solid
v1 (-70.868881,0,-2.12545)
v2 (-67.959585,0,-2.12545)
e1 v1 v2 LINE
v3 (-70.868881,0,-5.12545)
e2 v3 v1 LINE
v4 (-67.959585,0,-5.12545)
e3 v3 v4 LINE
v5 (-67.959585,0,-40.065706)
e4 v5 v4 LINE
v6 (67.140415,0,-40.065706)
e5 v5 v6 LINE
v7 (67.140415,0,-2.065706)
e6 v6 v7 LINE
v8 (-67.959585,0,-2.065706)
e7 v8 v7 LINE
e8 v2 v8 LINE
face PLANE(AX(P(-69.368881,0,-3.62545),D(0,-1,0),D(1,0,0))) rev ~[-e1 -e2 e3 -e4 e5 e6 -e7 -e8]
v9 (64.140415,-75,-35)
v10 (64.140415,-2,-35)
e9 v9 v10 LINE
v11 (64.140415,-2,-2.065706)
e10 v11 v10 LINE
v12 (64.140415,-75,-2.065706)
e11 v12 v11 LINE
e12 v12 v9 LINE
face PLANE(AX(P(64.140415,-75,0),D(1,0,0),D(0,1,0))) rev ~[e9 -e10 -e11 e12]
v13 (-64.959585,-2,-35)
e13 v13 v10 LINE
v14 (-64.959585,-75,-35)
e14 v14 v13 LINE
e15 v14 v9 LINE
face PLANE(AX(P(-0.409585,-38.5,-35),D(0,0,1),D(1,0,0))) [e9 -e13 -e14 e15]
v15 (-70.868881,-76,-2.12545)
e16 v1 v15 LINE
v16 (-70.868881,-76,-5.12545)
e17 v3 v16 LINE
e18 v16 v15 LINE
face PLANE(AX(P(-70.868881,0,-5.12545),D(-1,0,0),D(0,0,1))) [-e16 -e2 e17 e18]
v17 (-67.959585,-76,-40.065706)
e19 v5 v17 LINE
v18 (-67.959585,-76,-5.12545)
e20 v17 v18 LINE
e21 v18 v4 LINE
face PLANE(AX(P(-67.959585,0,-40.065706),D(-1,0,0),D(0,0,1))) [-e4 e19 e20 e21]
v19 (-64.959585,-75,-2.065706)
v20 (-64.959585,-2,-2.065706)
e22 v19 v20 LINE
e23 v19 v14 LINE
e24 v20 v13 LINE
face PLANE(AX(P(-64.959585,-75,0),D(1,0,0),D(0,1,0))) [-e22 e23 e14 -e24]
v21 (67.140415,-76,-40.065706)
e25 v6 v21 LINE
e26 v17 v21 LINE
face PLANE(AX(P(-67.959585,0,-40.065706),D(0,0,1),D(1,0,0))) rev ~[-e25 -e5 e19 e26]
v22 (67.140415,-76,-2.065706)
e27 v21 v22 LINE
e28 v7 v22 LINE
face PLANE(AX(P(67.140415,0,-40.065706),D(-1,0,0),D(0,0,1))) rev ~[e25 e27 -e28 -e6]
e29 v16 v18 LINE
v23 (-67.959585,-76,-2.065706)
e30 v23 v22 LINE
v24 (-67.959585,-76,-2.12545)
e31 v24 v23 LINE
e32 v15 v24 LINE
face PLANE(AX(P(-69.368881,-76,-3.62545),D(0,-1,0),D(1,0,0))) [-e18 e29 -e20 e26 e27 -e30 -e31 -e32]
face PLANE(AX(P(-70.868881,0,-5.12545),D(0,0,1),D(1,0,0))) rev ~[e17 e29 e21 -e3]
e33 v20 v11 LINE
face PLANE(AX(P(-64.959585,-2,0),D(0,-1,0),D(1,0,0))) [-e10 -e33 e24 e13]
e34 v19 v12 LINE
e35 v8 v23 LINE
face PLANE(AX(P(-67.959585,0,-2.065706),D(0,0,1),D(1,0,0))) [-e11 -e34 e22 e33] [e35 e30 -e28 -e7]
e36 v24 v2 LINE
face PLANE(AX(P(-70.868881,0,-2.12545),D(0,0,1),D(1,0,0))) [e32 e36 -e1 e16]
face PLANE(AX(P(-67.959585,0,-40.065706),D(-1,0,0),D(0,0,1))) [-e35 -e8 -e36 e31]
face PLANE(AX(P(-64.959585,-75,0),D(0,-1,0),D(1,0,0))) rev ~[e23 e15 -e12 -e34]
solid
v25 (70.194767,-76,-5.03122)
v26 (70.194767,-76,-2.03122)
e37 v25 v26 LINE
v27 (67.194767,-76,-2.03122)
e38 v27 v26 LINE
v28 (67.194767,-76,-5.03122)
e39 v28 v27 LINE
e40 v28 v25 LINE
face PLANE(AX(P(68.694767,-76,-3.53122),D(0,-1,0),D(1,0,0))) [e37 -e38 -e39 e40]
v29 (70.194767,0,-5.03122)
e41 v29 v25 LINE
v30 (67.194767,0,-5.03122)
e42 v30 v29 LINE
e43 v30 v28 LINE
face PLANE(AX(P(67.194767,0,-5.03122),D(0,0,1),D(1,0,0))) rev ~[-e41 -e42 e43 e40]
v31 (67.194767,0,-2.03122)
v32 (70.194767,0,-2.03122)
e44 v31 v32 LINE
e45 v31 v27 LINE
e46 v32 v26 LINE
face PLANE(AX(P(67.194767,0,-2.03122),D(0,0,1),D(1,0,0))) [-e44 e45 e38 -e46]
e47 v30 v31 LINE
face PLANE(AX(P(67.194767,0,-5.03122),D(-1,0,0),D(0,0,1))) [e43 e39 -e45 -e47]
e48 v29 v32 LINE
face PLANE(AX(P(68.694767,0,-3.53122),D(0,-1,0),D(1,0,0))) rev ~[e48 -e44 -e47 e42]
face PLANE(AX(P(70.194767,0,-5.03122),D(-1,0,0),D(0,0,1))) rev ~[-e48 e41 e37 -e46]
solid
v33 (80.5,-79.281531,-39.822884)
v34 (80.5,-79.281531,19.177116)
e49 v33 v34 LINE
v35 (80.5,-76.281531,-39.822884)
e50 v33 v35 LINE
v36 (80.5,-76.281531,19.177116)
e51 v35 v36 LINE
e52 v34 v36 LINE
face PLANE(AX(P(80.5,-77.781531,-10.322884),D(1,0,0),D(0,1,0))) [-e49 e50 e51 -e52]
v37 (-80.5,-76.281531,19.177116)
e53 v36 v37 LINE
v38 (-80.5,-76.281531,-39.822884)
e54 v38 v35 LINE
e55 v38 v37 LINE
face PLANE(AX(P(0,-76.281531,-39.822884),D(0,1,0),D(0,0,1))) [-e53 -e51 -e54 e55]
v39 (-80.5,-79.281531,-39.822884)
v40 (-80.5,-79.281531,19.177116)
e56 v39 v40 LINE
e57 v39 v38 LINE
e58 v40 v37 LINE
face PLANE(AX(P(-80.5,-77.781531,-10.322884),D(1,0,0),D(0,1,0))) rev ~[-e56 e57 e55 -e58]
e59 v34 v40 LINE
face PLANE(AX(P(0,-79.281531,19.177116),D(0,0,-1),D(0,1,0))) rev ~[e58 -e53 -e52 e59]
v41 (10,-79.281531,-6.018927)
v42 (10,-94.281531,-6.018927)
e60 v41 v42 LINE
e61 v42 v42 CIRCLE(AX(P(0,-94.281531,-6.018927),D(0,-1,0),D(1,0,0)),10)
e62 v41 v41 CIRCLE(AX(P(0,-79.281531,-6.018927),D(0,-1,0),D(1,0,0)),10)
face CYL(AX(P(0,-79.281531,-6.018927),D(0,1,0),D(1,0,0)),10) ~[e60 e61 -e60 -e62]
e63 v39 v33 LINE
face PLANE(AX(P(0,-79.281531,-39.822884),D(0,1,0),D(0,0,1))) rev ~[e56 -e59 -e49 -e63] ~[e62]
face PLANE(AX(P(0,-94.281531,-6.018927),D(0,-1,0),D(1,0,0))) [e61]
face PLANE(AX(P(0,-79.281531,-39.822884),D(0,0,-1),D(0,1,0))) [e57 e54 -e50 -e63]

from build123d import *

# Parameters (mm, degrees)
F0_W      = 135.1
F0_H      = 38
F1_DEPTH  = 76
F2_W      = 3
F2_H      = 59
F3_DEPTH  = 80.5
F4_W      = 129.1
F4_H      = 73
F5_DEPTH  = 35
F6_W      = 3
F6_H      = 3
F7_DEPTH  = 76
F8_W      = 3
F8_H      = 3
F9_DEPTH  = 76
F10_R     = 10
F11_DEPTH = 15


with BuildPart() as f1:
    # F0 (on Front) → F1 (new body)
    with BuildSketch(Plane.XZ):
        with Locations((-0.409585, -21.065706)):
            Rectangle(F0_W, F0_H)
    extrude(amount=F1_DEPTH)

    # F4 (on Top) → F5 (cut)
    with BuildSketch(Plane.XY):
        with Locations((-0.409585, -38.5)):
            Rectangle(F4_W, F4_H)
    extrude(amount=-F5_DEPTH, mode=Mode.SUBTRACT)

    # F8 (on Front) → F9 (join)
    with BuildSketch(Plane.XZ):
        with Locations((-69.368881, -3.62545)):
            Rectangle(F8_W, F8_H)
    extrude(amount=F9_DEPTH)


with BuildPart() as f3:
    # F2 (on Right) → F3 (new body, symmetric)
    with BuildSketch(Plane.YZ):
        with Locations((-77.781531, -10.322884)):
            Rectangle(F2_W, F2_H)
    extrude(amount=F3_DEPTH, both=True)

    # F10 (on face) → F11 (join)
    with BuildSketch(Plane.XZ.offset(79.281531)):
        with Locations((0, -6.018927)):
            Circle(F10_R)
    extrude(amount=F11_DEPTH)


with BuildPart() as f7:
    # F6 (on Front) → F7 (new body)
    with BuildSketch(Plane.XZ):
        with Locations((68.694767, -3.53122)):
            Rectangle(F6_W, F6_H)
    extrude(amount=F7_DEPTH)


solid = Compound([f1.part, f3.part, f7.part])
